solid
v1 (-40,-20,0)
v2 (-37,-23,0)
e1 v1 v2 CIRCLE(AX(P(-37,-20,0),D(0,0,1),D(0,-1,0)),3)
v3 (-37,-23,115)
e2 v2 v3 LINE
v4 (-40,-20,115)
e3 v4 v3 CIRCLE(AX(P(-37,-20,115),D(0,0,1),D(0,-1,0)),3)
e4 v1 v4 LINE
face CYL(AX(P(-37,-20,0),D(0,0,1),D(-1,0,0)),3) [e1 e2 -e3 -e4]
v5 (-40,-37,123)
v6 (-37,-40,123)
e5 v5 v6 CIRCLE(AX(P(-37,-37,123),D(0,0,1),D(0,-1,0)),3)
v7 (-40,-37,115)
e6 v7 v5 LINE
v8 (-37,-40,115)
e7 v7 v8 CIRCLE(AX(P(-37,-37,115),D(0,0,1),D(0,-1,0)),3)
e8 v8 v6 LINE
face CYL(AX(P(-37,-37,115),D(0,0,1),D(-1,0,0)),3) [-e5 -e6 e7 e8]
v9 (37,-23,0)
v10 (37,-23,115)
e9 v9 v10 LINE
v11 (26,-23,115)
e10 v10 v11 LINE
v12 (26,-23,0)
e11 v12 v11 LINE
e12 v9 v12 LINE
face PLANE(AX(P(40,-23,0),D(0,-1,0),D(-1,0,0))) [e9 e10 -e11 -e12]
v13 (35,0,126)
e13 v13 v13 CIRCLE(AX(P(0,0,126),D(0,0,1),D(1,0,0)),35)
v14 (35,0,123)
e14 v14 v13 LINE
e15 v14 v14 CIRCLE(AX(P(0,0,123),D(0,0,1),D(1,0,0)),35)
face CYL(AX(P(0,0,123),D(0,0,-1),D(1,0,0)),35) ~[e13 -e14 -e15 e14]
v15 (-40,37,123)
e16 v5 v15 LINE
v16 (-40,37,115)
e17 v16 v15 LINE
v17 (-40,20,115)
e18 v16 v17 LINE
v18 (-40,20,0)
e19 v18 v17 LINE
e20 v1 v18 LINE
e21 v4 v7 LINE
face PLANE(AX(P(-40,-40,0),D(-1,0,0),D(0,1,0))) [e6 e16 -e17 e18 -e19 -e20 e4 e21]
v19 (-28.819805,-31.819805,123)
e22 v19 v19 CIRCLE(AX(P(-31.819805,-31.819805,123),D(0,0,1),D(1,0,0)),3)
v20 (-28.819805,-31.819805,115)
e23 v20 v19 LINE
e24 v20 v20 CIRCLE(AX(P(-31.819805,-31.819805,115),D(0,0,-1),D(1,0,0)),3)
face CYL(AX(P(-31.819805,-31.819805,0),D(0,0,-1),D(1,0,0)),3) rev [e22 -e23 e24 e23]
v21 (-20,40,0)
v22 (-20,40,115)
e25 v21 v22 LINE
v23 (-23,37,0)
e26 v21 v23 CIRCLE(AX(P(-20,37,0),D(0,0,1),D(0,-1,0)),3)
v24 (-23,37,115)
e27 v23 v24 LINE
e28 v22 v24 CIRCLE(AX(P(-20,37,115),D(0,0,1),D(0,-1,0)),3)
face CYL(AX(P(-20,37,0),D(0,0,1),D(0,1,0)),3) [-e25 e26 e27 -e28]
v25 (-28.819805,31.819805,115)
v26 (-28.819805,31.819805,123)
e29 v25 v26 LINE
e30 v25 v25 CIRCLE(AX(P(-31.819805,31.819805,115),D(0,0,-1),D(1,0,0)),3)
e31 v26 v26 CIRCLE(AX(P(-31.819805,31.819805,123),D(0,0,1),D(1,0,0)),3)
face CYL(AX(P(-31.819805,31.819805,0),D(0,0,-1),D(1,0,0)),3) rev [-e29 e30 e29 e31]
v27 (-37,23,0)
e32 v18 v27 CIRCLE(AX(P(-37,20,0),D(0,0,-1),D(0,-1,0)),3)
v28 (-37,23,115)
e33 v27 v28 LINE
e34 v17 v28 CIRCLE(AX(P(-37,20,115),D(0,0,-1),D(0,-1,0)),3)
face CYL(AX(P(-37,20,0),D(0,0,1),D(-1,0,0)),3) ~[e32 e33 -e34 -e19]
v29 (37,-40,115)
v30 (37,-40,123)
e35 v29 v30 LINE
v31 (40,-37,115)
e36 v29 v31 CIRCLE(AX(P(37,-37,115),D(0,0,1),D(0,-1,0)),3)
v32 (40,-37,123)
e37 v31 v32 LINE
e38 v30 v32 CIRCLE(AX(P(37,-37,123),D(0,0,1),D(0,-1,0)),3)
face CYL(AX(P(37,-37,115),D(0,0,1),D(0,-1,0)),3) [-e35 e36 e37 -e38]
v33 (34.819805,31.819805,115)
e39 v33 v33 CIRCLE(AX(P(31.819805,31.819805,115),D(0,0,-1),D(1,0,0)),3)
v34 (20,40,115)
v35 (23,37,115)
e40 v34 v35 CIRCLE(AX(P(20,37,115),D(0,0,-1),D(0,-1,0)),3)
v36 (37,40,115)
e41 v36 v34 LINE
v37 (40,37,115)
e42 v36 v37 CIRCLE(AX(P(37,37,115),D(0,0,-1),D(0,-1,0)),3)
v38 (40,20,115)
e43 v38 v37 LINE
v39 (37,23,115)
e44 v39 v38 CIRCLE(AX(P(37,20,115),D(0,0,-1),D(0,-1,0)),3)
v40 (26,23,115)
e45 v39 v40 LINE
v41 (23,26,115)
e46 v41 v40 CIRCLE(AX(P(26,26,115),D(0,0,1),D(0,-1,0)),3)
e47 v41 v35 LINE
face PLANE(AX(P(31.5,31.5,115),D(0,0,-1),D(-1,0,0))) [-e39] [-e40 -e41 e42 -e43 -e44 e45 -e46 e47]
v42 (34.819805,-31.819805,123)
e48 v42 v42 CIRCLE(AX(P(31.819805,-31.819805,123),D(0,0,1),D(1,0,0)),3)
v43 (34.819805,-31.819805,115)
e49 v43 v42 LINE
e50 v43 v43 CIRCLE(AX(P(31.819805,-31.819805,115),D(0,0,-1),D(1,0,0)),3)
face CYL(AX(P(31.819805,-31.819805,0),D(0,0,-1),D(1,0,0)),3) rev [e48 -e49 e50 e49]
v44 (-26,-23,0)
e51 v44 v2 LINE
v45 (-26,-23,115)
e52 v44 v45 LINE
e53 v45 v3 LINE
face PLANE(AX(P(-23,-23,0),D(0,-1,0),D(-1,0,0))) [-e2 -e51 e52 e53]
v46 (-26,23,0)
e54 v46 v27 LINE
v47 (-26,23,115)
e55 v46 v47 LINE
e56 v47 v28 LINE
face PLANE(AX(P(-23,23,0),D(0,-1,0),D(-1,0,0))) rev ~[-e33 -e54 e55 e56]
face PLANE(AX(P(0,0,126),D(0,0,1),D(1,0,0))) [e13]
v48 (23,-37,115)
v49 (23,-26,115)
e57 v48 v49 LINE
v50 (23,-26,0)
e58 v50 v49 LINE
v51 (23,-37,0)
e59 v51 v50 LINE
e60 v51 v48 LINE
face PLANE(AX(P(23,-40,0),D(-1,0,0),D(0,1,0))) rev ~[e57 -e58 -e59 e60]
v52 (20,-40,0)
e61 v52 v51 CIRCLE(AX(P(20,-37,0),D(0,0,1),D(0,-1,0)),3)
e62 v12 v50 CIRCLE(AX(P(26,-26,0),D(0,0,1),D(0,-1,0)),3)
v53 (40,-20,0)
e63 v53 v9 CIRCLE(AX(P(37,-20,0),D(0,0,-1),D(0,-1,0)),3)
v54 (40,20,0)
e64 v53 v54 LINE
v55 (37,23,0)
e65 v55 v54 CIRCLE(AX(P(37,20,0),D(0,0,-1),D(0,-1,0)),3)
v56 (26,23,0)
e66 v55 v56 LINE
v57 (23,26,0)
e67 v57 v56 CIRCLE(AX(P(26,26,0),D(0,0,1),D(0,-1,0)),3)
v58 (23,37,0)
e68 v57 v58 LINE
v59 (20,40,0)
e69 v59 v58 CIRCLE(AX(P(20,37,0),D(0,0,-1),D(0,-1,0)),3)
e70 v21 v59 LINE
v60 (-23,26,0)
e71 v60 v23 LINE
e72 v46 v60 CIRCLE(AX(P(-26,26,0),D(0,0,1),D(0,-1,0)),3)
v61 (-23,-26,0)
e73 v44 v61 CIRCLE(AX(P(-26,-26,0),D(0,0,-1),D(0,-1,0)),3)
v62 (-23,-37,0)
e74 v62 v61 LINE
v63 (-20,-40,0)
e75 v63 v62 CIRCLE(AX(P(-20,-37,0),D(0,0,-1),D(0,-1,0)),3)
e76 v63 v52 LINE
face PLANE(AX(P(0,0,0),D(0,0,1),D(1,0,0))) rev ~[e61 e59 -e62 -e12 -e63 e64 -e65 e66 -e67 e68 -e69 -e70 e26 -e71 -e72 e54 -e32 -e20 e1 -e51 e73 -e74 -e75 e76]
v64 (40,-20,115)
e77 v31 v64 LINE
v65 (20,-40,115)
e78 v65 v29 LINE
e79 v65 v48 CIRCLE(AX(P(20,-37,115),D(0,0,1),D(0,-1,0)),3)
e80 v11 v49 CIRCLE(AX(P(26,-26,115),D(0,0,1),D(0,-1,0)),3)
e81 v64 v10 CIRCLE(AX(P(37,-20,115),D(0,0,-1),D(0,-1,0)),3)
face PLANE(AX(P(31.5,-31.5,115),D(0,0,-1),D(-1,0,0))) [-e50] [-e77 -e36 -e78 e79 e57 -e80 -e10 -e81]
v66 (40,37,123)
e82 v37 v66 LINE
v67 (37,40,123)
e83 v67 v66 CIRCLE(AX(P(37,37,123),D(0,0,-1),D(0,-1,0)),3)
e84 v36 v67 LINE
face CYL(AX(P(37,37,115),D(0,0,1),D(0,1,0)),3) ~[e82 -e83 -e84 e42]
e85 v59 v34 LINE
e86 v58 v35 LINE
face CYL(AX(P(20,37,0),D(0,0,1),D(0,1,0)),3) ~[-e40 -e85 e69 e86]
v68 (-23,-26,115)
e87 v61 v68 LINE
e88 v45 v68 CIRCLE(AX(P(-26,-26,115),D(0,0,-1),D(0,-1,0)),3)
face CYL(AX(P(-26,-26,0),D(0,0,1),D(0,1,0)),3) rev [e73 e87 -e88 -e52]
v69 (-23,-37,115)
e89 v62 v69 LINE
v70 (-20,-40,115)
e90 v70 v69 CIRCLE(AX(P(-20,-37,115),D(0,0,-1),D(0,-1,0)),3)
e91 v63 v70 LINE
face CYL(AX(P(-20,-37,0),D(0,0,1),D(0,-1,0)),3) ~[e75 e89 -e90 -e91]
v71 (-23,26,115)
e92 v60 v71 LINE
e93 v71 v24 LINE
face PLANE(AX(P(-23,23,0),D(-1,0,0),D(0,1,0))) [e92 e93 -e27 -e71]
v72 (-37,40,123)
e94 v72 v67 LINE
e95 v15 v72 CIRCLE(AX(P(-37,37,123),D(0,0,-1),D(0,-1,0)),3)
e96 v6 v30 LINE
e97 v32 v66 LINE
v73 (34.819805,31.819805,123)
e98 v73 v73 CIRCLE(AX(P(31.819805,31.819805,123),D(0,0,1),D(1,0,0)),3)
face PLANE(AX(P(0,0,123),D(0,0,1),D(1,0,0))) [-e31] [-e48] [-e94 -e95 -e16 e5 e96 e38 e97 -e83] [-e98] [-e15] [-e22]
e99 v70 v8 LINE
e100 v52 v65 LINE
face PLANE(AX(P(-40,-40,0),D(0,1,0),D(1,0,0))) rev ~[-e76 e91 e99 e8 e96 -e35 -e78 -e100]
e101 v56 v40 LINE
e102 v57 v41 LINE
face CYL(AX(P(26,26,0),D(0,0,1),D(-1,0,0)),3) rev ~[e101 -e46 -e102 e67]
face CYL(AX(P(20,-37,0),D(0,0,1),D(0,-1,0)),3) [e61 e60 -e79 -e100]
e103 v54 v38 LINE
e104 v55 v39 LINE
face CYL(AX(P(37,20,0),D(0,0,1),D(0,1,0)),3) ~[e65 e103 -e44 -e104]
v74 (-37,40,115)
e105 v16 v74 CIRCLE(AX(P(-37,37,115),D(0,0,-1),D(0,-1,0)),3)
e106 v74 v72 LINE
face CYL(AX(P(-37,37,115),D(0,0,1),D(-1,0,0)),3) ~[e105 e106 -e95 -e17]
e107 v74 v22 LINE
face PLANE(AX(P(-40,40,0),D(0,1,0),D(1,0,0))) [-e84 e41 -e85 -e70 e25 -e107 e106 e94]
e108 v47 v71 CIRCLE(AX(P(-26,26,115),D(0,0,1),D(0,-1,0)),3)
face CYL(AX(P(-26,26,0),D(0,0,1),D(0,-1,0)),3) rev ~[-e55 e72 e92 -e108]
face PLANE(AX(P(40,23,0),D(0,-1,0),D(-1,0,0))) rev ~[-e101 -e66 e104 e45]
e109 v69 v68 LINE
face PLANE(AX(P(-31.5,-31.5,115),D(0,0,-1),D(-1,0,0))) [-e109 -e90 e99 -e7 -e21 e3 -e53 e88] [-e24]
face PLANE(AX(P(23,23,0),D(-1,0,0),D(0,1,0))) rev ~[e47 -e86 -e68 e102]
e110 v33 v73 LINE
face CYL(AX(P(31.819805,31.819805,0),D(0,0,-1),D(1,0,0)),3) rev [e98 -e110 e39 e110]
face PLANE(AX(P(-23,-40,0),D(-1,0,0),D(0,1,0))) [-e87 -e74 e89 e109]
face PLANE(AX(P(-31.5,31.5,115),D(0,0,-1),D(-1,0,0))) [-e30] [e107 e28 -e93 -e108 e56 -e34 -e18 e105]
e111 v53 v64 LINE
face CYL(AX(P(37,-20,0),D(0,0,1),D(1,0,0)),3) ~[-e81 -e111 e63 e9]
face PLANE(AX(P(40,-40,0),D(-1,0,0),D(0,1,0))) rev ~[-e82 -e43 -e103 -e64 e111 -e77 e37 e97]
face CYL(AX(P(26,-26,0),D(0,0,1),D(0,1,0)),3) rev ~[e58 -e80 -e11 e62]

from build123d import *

# Parameters (mm, degrees)
SKETCH1_W           = 80
SKETCH1_H           = 80
SKETCH1_R           = 3
BOSS_EXTRUDE1_DEPTH = 123
SKETCH2_R           = 35
BOSS_EXTRUDE2_DEPTH = 3
SKETCH4_W           = 17
SKETCH4_H           = 17
CUT_EXTRUDE1_DEPTH  = 115
FILLET1_R           = 3


with BuildPart() as part:
    # Sketch1 → Boss-Extrude1 (new body)
    with BuildSketch(Plane.XY):
        Rectangle(SKETCH1_W, SKETCH1_H)
        with Locations((-31.819805153, 31.819805153)):
            Circle(SKETCH1_R, mode=Mode.SUBTRACT)
        with Locations((31.819805153, 31.819805153)):
            Circle(SKETCH1_R, mode=Mode.SUBTRACT)
        with Locations((31.819805153, -31.819805153)):
            Circle(SKETCH1_R, mode=Mode.SUBTRACT)
        with Locations((-31.819805153, -31.819805153)):
            Circle(SKETCH1_R, mode=Mode.SUBTRACT)
    extrude(amount=BOSS_EXTRUDE1_DEPTH)

    # Sketch2 → Boss-Extrude2 (add)
    with BuildSketch(Plane.XY.offset(123)):
        Circle(SKETCH2_R)
    extrude(amount=BOSS_EXTRUDE2_DEPTH)

    # Sketch4 → Cut-Extrude1 (cut)
    with BuildSketch(Plane(origin=(0, 0, 0), x_dir=(-1, 0, 0), z_dir=(0, 0, -1))):
        with Locations((31.5, 31.5)):
            Rectangle(SKETCH4_W, SKETCH4_H)
        with Locations((-31.5, 31.5)):
            Rectangle(SKETCH4_W, SKETCH4_H)
        with Locations((31.5, -31.5)):
            Rectangle(SKETCH4_W, SKETCH4_H)
        with Locations((-31.5, -31.5)):
            Rectangle(SKETCH4_W, SKETCH4_H)
    extrude(amount=-CUT_EXTRUDE1_DEPTH, mode=Mode.SUBTRACT)

    # Fillet1
    fillet1_edges = [part.edges().sort_by_distance(p)[0] for p in [
        (40, -23, 57.5),
        (23, -23, 57.5),
        (23, -40, 57.5),
        (-23, -40, 57.5),
        (-23, -23, 57.5),
        (-40, -23, 57.5),
        (-40, 23, 57.5),
        (-23, 23, 57.5),
        (-23, 40, 57.5),
        (40, 23, 57.5),
        (23, 40, 57.5),
        (23, 23, 57.5),
        (40, -40, 119),
        (-40, -40, 119),
        (-40, 40, 119),
        (40, 40, 119),
    ]]
    fillet(fillet1_edges, radius=FILLET1_R)


solid = part.part
